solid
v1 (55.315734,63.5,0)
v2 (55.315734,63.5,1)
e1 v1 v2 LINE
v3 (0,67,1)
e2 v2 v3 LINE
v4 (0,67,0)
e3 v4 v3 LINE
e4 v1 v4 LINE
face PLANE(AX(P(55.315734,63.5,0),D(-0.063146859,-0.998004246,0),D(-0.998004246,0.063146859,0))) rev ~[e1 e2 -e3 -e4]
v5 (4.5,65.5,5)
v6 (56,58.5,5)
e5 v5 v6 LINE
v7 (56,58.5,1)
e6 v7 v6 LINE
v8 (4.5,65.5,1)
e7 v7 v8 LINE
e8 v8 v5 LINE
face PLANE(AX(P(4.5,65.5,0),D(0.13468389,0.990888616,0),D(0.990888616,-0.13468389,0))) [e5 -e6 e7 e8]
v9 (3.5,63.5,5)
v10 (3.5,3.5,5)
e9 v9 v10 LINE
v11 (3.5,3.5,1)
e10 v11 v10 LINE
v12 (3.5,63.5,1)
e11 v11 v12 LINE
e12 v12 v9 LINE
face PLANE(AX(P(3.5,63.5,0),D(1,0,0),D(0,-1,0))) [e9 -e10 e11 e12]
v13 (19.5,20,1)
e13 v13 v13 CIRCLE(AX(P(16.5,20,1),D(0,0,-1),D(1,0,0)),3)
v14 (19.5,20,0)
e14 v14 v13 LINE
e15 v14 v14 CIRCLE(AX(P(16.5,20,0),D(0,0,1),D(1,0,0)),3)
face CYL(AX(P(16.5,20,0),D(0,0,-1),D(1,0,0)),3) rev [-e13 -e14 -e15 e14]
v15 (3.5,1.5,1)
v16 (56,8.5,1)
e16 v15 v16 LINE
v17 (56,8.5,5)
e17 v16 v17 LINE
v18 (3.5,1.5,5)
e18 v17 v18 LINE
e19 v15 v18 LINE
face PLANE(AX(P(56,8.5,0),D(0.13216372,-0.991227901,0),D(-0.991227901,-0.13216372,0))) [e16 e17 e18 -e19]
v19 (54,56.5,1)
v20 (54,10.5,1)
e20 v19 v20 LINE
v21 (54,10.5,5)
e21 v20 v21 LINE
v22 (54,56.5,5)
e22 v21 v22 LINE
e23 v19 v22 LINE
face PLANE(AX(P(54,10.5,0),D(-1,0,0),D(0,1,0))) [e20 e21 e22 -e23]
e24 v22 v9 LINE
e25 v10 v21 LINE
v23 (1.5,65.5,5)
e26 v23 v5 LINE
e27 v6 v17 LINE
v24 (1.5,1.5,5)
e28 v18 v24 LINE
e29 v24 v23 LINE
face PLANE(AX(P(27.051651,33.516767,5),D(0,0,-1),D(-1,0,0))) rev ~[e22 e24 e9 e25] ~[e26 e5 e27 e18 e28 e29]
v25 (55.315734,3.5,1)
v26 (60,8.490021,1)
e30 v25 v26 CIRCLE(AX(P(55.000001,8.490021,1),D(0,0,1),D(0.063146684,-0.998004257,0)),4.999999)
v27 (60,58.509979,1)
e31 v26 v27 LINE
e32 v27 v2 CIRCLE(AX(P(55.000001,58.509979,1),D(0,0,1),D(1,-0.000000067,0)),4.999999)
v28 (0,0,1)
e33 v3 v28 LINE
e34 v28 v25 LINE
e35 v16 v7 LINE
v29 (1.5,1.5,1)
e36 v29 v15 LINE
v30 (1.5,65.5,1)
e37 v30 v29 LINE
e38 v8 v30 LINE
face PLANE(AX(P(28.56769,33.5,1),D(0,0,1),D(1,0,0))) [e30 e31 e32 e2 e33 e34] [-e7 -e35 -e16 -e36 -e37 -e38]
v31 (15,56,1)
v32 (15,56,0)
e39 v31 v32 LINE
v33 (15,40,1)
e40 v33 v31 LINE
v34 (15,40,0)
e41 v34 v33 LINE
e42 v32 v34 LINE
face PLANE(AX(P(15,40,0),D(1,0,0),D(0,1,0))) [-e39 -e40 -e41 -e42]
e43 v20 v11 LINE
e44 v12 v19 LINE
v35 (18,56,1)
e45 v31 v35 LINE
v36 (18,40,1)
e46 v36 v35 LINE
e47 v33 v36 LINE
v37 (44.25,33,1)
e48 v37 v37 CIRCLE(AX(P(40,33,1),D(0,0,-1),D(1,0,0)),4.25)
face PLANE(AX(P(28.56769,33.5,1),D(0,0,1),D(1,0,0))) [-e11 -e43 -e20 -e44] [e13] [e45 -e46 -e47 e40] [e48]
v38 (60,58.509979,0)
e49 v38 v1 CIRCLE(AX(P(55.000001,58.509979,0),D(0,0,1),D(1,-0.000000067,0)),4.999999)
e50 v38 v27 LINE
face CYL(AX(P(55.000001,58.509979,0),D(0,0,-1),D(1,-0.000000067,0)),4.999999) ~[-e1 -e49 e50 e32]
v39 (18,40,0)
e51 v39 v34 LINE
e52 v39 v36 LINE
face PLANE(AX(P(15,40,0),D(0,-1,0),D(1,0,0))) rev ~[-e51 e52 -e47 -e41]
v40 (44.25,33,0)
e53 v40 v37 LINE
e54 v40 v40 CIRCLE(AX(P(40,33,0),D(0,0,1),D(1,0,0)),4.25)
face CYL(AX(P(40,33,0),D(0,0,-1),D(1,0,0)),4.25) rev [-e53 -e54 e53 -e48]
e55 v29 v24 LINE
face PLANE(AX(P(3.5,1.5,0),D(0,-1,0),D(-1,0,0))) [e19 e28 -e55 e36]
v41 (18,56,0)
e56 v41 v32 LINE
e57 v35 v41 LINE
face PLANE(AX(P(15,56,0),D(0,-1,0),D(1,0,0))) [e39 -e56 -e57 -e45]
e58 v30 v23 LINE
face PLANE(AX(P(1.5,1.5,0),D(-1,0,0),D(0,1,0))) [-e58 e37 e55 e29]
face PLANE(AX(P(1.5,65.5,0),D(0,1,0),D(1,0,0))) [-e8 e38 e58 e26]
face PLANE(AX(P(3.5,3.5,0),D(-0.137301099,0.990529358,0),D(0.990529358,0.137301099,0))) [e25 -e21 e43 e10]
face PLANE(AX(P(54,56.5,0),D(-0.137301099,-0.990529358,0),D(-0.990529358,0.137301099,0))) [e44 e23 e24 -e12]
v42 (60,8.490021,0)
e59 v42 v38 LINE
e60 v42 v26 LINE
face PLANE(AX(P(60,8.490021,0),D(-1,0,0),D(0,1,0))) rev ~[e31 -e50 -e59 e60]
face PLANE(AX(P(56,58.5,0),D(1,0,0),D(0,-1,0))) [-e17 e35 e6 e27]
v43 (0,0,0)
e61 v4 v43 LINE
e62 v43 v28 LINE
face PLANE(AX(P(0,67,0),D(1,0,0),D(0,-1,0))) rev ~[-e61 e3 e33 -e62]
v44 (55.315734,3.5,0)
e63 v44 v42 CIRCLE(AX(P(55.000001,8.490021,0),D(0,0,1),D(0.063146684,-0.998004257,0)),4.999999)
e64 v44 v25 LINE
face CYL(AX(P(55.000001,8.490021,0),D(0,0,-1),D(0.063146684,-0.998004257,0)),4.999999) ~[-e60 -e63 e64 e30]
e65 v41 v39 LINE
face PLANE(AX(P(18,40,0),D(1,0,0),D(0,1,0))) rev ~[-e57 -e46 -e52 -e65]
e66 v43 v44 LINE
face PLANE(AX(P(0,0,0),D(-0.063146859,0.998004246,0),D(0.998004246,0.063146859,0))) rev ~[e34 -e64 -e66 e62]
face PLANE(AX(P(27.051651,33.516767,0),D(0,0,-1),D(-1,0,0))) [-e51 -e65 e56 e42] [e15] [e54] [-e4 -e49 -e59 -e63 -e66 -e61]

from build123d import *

# Parameters (mm, degrees)
PAD001_DEPTH  = 1
PAD_DEPTH     = 5
SKETCH002_R   = 4.25
SKETCH002_R_2 = 3
SKETCH002_W   = 3
SKETCH002_H   = 16
POCKET_DEPTH  = 5


with BuildPart() as part:
    # Sketch → Pad001 (new body)
    with BuildSketch(Plane.XY):
        with BuildLine():
            Line((0, 67), (0, 0))
            Line((0, 0), (55.315734, 3.5))
            ThreePointArc((55.315734, 3.5), (58.645454, 5.067936), (60, 8.490021))
            Line((60, 8.490021), (60, 58.509979))
            ThreePointArc((60, 58.509979), (58.645454, 61.932064), (55.315734, 63.5))
            Line((55.315734, 63.5), (0, 67))
        make_face()
    extrude(amount=PAD001_DEPTH)

    # Sketch001 → Pad (join)
    with BuildSketch(Plane.XY):
        Polygon((1.5, 65.5), (4.5, 65.5), (56, 58.5), (56, 8.5), (3.5, 1.5), (1.5, 1.5), align=None)
        Polygon((3.5, 63.5), (3.5, 3.5), (54, 10.5), (54, 56.5), align=None, mode=Mode.SUBTRACT)
    extrude(amount=PAD_DEPTH)

    # Sketch002 → Pocket (cut, symmetric)
    with BuildSketch(Plane.XY):
        with Locations((40, 33)):
            Circle(SKETCH002_R)
        with Locations((16.5, 20)):
            Circle(SKETCH002_R_2)
        with Locations((16.5, 48)):
            Rectangle(SKETCH002_W, SKETCH002_H)
    extrude(amount=POCKET_DEPTH, both=True, mode=Mode.SUBTRACT)


solid = part.part
